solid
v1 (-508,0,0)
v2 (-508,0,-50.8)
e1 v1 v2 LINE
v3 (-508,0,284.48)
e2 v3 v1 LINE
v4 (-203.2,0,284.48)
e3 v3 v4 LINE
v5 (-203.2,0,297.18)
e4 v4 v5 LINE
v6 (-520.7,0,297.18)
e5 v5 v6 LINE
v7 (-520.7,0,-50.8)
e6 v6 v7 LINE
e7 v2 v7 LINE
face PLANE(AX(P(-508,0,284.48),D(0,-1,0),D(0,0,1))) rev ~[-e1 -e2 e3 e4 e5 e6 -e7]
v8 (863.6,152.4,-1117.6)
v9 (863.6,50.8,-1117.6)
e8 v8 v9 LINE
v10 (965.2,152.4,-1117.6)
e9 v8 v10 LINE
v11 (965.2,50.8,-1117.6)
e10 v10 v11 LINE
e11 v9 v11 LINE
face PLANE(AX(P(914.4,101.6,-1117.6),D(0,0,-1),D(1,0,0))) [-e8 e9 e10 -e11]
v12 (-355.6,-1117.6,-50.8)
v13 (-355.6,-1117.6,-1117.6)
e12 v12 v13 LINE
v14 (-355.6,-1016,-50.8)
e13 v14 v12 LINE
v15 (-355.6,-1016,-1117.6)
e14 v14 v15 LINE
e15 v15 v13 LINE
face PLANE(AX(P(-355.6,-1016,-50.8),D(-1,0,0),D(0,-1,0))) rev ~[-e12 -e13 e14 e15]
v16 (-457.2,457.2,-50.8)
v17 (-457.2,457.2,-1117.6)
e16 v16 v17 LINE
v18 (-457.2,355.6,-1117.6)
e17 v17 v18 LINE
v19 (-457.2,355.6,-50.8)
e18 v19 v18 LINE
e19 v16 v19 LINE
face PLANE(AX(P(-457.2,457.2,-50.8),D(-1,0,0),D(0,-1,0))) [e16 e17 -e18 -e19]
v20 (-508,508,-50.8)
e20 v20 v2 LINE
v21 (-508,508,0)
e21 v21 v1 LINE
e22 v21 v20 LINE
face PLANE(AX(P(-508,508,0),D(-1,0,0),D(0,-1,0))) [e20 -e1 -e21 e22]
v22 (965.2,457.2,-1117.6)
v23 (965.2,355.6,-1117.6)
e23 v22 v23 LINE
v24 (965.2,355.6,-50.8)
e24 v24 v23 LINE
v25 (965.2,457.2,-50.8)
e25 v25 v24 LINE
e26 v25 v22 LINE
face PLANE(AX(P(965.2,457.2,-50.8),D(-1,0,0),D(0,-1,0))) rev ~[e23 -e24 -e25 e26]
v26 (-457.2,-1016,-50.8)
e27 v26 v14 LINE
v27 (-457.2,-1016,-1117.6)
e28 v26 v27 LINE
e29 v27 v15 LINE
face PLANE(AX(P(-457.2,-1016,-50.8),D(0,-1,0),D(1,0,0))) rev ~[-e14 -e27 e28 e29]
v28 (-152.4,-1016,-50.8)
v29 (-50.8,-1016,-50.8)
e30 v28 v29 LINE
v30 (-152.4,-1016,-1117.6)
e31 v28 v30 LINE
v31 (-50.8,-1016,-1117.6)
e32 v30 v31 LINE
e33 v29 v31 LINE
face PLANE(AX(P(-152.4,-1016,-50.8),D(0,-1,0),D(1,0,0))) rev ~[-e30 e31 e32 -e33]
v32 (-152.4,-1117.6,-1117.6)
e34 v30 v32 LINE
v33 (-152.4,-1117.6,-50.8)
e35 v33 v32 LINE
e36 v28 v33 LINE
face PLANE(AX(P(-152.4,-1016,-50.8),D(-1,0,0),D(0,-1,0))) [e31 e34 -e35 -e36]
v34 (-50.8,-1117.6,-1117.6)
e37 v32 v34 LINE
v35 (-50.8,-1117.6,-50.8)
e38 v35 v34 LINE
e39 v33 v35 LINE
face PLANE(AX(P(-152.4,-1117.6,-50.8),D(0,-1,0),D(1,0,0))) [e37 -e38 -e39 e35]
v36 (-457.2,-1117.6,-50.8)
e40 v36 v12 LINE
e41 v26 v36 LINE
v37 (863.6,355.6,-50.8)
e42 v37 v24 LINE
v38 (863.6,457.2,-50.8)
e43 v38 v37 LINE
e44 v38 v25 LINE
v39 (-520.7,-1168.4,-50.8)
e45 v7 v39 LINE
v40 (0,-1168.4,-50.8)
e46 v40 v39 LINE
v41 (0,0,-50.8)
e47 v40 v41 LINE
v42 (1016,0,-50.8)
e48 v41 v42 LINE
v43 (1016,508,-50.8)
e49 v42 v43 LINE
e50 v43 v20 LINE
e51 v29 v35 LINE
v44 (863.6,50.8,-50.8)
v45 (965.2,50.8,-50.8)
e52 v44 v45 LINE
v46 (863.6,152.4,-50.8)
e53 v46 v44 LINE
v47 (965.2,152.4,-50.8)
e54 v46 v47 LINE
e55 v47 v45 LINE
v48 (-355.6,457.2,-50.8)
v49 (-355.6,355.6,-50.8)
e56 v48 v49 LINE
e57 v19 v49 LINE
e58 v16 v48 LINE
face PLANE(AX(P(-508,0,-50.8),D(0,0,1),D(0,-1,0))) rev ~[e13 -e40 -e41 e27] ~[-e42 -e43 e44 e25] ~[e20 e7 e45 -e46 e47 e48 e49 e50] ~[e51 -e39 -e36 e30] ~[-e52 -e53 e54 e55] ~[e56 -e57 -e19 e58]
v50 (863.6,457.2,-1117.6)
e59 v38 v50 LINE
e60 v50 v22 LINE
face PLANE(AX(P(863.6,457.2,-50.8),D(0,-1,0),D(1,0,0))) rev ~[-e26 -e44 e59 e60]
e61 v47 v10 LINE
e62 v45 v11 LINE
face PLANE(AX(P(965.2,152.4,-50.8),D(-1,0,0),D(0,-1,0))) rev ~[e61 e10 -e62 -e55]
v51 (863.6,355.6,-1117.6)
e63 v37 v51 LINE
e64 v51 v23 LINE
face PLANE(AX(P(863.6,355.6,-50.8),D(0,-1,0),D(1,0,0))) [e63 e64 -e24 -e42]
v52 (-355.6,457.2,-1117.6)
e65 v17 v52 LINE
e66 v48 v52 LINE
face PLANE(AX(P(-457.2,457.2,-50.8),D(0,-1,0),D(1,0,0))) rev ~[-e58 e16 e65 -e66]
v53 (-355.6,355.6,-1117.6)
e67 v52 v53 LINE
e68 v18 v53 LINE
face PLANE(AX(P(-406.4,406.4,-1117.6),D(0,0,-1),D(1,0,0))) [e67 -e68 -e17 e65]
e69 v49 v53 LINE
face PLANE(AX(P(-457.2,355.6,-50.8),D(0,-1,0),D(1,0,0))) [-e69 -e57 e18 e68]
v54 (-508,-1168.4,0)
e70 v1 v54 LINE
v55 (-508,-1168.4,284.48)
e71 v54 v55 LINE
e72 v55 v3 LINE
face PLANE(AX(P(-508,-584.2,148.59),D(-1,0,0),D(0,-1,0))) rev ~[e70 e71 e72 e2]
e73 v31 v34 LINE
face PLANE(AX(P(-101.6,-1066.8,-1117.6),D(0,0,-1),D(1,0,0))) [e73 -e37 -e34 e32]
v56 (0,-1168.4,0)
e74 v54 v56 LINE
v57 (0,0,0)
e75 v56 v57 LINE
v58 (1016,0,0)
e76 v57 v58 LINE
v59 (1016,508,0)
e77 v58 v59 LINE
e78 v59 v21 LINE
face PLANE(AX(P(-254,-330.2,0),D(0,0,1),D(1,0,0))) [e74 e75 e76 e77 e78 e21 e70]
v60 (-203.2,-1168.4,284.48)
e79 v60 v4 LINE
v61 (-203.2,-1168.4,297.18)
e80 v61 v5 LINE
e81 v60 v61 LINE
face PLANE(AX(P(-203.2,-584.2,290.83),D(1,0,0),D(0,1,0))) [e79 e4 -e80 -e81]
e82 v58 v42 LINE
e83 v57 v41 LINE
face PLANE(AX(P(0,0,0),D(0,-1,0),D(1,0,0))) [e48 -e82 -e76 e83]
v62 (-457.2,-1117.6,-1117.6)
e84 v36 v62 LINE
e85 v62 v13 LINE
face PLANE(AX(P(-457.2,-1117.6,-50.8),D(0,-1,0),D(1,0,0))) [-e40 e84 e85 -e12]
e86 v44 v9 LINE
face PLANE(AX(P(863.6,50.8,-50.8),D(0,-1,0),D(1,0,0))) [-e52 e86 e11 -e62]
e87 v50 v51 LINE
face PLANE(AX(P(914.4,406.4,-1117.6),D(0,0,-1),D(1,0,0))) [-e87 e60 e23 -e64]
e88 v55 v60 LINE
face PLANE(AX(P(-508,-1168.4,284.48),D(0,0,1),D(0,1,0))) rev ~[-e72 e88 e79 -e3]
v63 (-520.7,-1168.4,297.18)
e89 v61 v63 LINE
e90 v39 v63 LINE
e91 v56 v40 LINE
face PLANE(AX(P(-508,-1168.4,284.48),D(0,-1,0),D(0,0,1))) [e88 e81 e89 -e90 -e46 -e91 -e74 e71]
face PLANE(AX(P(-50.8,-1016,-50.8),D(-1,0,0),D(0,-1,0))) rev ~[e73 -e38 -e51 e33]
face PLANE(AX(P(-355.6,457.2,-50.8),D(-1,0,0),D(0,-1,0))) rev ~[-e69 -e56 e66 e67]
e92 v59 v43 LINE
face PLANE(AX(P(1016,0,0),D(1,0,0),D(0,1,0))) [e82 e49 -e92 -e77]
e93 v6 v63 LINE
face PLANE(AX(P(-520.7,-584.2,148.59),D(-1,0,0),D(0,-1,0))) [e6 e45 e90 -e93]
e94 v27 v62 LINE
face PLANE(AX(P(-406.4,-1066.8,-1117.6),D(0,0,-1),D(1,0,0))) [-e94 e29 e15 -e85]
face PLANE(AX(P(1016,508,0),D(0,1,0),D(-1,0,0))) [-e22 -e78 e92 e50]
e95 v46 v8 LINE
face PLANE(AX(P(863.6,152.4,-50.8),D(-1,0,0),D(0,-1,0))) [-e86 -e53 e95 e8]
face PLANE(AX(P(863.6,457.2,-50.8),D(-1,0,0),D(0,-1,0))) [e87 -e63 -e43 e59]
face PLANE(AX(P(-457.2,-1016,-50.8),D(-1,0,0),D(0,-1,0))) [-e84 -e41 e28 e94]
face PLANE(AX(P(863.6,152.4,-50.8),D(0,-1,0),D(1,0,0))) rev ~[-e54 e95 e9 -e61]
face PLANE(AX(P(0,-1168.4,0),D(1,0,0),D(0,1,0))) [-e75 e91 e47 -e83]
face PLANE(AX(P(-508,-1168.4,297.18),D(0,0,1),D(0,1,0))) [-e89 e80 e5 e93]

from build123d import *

# Parameters (mm, degrees)
F0_W     = 1016
F0_H     = 508
F1_DEPTH = 50.8
F2_W     = 101.6
F2_H     = 101.6
F3_DEPTH = 1066.8
F4_W     = 1168.4
F4_H     = 297.18
F4_H_2   = 50.8
F5_DEPTH = 12.7
F6_W     = 1168.4
F6_H     = 12.7
F7_DEPTH = 304.8


with BuildPart() as f1:
    # F0 (on Top) → F1 (new body)
    with BuildSketch(Plane.XY):
        Polygon((-508, 508), (-508, -1168.4), (0, -1168.4), (0, 0), (0, 508), align=None)
        with Locations((508, 254)):
            Rectangle(F0_W, F0_H)
    extrude(amount=-F1_DEPTH)

    # F2 (on face) → F3 (join)
    with BuildSketch(Plane(origin=(0, 0, -50.8), x_dir=(1, 0, 0), z_dir=(0, 0, -1))):
        with Locations((-101.6, 1066.8)):
            Rectangle(F2_W, F2_H)
        with Locations((-406.4, 1066.8)):
            Rectangle(F2_W, F2_H)
        with Locations((-406.4, -406.4)):
            Rectangle(F2_W, F2_H)
        with Locations((914.4, -101.6)):
            Rectangle(F2_W, F2_H)
        with Locations((914.4, -406.4)):
            Rectangle(F2_W, F2_H)
    extrude(amount=F3_DEPTH)

    # F4 (on face) → F5 (join)
    with BuildSketch(Plane(origin=(-508, 0, 0), x_dir=(0, -1, 0), z_dir=(-1, 0, 0))):
        with Locations((584.2, 148.59)):
            Rectangle(F4_W, F4_H)
        with Locations((584.2, -25.4)):
            Rectangle(F4_W, F4_H_2)
    extrude(amount=F5_DEPTH)

    # F6 (on face) → F7 (join)
    with BuildSketch(Plane.YZ.offset(-508)):
        with Locations((-584.2, 290.83)):
            Rectangle(F6_W, F6_H)
    extrude(amount=F7_DEPTH)


solid = f1.part
